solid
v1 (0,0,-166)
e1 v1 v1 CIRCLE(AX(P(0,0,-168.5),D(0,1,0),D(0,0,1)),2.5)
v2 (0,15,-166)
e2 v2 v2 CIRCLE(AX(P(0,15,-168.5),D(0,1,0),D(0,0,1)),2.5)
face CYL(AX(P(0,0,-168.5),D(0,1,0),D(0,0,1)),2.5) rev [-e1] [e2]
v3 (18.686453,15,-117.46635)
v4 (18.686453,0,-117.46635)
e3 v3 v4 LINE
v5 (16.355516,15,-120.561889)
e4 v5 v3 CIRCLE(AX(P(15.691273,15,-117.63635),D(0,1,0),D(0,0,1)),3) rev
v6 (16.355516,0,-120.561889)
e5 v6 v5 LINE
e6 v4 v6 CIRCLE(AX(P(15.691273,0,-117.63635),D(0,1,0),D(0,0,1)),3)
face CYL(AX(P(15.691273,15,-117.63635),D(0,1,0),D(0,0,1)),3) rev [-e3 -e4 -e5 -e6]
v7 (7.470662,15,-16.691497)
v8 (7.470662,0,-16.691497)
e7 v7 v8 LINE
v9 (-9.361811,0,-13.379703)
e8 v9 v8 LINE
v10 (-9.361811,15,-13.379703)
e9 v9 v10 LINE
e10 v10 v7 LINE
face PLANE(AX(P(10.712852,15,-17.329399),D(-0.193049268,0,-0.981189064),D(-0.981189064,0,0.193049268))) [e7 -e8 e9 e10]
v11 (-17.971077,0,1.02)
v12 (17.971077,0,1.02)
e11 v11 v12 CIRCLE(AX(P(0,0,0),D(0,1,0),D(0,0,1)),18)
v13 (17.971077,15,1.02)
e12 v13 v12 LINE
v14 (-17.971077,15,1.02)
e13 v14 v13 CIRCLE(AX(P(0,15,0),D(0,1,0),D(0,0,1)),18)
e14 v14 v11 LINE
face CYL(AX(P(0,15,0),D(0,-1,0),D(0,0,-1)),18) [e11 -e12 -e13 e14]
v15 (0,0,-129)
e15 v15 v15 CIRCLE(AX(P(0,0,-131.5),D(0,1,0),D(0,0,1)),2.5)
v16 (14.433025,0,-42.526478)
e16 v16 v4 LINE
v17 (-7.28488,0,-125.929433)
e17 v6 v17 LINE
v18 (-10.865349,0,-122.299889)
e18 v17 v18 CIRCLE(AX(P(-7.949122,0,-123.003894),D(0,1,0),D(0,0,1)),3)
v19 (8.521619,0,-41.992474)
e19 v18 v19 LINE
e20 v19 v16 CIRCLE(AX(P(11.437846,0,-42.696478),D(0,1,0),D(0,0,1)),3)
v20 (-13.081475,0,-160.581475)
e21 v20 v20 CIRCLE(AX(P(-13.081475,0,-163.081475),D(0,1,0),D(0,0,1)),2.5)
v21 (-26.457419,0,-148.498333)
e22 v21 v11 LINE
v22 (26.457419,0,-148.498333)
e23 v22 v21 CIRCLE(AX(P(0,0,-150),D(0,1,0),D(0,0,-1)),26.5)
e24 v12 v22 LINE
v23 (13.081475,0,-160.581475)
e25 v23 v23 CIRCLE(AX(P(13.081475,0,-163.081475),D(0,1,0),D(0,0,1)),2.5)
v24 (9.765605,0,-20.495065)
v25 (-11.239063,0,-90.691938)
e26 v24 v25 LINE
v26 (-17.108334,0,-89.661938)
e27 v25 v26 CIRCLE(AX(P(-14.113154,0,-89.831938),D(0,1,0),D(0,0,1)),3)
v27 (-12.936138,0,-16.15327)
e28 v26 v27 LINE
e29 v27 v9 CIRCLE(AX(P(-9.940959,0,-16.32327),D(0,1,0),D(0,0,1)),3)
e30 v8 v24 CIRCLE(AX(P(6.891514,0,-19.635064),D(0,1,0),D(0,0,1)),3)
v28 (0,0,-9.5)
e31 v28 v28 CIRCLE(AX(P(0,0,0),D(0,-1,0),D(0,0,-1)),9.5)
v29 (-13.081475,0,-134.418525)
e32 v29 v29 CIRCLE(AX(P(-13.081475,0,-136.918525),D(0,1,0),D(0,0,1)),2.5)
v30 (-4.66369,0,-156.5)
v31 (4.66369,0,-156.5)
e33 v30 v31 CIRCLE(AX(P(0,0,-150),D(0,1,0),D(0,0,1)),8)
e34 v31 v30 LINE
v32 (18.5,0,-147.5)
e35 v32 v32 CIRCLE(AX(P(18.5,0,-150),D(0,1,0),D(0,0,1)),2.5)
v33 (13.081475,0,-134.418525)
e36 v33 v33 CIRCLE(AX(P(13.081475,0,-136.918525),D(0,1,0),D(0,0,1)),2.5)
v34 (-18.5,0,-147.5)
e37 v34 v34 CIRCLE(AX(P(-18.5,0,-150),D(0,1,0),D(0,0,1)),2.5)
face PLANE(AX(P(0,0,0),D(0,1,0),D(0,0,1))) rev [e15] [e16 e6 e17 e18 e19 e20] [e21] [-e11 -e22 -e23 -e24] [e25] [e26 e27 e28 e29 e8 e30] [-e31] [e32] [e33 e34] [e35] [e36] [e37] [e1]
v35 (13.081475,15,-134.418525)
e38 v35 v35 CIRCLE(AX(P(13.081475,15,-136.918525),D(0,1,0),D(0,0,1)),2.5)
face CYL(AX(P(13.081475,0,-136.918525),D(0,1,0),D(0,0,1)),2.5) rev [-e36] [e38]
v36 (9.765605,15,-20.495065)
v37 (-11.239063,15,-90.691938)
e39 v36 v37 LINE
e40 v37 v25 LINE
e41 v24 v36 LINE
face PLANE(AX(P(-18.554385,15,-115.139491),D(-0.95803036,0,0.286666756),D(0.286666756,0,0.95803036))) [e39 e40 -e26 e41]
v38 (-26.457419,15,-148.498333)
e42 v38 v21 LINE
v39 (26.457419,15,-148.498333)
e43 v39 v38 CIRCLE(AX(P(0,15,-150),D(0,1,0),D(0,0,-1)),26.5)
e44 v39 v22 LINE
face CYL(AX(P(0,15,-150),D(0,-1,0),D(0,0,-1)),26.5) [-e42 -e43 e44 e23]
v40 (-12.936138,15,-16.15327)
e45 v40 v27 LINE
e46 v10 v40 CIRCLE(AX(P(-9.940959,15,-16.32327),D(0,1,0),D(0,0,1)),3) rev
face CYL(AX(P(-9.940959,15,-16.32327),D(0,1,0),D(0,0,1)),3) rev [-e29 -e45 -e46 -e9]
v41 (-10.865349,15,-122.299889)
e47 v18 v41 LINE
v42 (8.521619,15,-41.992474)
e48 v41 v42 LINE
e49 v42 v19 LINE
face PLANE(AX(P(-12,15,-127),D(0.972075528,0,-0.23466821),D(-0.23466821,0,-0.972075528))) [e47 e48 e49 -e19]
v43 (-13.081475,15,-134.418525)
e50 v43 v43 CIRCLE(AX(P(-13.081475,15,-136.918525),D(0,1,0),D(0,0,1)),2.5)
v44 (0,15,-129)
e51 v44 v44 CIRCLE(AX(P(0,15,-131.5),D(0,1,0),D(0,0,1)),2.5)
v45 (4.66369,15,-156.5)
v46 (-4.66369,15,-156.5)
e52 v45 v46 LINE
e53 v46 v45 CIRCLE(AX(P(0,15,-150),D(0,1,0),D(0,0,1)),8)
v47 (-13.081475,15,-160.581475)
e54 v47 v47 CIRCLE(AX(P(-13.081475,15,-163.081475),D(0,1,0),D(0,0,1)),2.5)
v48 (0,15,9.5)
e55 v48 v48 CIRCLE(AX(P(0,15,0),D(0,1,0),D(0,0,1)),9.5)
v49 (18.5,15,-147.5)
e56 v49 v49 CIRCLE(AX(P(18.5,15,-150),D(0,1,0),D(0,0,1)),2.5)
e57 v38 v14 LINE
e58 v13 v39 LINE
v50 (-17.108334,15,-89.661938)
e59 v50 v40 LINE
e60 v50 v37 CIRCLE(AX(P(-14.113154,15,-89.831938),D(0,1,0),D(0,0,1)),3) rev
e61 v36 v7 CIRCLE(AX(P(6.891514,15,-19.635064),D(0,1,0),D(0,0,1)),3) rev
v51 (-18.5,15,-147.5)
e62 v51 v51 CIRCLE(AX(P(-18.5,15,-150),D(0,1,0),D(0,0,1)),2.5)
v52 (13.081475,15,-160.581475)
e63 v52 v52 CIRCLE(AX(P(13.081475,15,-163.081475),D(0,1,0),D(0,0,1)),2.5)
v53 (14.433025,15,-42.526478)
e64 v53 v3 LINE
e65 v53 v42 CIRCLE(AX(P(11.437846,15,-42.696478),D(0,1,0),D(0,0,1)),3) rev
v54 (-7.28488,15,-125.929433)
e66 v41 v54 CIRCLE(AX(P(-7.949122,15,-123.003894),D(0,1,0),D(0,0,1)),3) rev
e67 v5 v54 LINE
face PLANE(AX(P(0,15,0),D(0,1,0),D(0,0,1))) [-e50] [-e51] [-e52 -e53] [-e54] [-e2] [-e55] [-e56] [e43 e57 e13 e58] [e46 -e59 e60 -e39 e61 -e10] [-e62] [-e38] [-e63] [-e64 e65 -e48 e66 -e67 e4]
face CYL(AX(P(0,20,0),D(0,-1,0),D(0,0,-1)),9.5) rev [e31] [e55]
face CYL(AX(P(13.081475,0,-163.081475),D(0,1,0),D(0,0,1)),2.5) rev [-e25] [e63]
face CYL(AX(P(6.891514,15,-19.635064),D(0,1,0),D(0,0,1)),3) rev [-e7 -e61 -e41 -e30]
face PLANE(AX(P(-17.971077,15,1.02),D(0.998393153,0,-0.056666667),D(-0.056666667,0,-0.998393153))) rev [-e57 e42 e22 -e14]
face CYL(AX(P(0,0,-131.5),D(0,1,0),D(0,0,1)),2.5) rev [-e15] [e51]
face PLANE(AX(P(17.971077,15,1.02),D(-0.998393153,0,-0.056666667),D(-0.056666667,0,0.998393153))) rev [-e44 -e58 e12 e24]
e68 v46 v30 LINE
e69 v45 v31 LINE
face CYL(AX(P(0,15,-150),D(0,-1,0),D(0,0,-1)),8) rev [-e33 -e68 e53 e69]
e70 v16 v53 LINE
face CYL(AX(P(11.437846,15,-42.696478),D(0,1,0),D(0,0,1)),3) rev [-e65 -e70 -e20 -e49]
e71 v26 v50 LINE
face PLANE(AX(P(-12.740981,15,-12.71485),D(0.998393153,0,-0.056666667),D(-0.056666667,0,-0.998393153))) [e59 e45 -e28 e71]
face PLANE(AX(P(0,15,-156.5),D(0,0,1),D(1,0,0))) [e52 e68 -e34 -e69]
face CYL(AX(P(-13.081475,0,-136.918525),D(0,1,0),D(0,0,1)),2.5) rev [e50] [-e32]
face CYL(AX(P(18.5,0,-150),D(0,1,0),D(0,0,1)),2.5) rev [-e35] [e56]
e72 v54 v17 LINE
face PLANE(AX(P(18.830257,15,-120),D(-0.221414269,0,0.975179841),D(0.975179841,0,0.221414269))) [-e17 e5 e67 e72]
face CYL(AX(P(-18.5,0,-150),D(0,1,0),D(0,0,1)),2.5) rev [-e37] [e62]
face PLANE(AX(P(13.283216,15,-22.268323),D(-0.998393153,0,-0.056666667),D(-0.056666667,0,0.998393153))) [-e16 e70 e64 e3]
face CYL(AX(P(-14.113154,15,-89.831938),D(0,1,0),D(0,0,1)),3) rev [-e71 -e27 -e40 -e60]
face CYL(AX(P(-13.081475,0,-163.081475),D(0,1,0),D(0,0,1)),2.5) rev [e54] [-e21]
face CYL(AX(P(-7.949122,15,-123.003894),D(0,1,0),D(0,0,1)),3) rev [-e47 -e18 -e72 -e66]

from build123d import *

# Parameters (mm, degrees)
SKETCH_1_R          = 5
EXTRUDE_1_DEPTH     = 15
FILLET_1_R          = 3
SKETCH_2_R          = 2.5
CUT_EXTRUDE_1_DEPTH = 180.107509614
SKETCH_4_R          = 9.5
CUT_EXTRUDE_3_DEPTH = 20


with BuildPart() as part:
    # 草图1 → 凸台-拉伸1 (new body)
    with BuildSketch(Plane(origin=(0, 0, 0), x_dir=(1, 0, 0), z_dir=(0, 1, 0))):
        with BuildLine():
            Line((-17.971076762, -1.02), (-26.457418567, 148.498333333))
            ThreePointArc((-26.457418567, 148.498333333), (0, 176.5), (26.457418567, 148.498333333))
            Line((26.457418567, 148.498333333), (17.971076762, -1.02))
            ThreePointArc((17.971076762, -1.02), (0, -18), (-17.971076762, -1.02))
        make_face()
        with Locations(Location((0, 0, 0), (0, 0, 270))):
            Circle(SKETCH_1_R, mode=Mode.SUBTRACT)
        Polygon((-12.740980954, 12.714849757), (-18.554385191, 115.139490738), (10.712851955, 17.329399023), align=None, mode=Mode.SUBTRACT)
        Polygon((13.283215706, 22.268322657), (18.830257334, 120), (-12, 127), align=None, mode=Mode.SUBTRACT)
        with BuildLine():
            Line((0, 156.5), (4.663689527, 156.5))
            ThreePointArc((4.663689527, 156.5), (0, 142), (-4.663689527, 156.5))
            Line((-4.663689527, 156.5), (0, 156.5))
        make_face(mode=Mode.SUBTRACT)
    extrude(amount=EXTRUDE_1_DEPTH)

    # 圆角1
    fillet_1_edges = [part.edges().sort_by_distance(p)[0] for p in [
        (-12.740980954, 7.5, -12.714849757),
        (10.712851955, 7.5, -17.329399023),
        (-18.554385191, 7.5, -115.139490738),
        (18.830257334, 7.5, -120),
        (-12, 7.5, -127),
        (13.283215706, 7.5, -22.268322657),
    ]]
    fillet(fillet_1_edges, radius=FILLET_1_R)

    # 草图2 → 切除-拉伸1 (cut, through all)
    with BuildSketch(Plane(origin=(0, 15, 0), x_dir=(1, 0, 0), z_dir=(0, 1, 0))):
        with Locations(Location((0, 168.5, 0), (0, 0, 270))):
            Circle(SKETCH_2_R)
        with Locations(Location((13.081475452, 163.081475452, 0), (0, 0, 270))):
            Circle(SKETCH_2_R)
        with Locations(Location((18.5, 150, 0), (0, 0, 270))):
            Circle(SKETCH_2_R)
        with Locations(Location((13.081475452, 136.918524548, 0), (0, 0, 270))):
            Circle(SKETCH_2_R)
        with Locations(Location((0, 131.5, 0), (0, 0, 270))):
            Circle(SKETCH_2_R)
        with Locations(Location((-13.081475452, 136.918524548, 0), (0, 0, 270))):
            Circle(SKETCH_2_R)
        with Locations(Location((-18.5, 150, 0), (0, 0, 270))):
            Circle(SKETCH_2_R)
        with Locations(Location((-13.081475452, 163.081475452, 0), (0, 0, 270))):
            Circle(SKETCH_2_R)
    extrude(amount=-CUT_EXTRUDE_1_DEPTH, mode=Mode.SUBTRACT)

    # 草图4 → 切除-拉伸3 (cut)
    with BuildSketch(Plane.XZ):
        with Locations(Location((0, 0, 0), (0, 0, 270))):
            Circle(SKETCH_4_R)
    extrude(amount=-CUT_EXTRUDE_3_DEPTH, mode=Mode.SUBTRACT)


solid = part.part
